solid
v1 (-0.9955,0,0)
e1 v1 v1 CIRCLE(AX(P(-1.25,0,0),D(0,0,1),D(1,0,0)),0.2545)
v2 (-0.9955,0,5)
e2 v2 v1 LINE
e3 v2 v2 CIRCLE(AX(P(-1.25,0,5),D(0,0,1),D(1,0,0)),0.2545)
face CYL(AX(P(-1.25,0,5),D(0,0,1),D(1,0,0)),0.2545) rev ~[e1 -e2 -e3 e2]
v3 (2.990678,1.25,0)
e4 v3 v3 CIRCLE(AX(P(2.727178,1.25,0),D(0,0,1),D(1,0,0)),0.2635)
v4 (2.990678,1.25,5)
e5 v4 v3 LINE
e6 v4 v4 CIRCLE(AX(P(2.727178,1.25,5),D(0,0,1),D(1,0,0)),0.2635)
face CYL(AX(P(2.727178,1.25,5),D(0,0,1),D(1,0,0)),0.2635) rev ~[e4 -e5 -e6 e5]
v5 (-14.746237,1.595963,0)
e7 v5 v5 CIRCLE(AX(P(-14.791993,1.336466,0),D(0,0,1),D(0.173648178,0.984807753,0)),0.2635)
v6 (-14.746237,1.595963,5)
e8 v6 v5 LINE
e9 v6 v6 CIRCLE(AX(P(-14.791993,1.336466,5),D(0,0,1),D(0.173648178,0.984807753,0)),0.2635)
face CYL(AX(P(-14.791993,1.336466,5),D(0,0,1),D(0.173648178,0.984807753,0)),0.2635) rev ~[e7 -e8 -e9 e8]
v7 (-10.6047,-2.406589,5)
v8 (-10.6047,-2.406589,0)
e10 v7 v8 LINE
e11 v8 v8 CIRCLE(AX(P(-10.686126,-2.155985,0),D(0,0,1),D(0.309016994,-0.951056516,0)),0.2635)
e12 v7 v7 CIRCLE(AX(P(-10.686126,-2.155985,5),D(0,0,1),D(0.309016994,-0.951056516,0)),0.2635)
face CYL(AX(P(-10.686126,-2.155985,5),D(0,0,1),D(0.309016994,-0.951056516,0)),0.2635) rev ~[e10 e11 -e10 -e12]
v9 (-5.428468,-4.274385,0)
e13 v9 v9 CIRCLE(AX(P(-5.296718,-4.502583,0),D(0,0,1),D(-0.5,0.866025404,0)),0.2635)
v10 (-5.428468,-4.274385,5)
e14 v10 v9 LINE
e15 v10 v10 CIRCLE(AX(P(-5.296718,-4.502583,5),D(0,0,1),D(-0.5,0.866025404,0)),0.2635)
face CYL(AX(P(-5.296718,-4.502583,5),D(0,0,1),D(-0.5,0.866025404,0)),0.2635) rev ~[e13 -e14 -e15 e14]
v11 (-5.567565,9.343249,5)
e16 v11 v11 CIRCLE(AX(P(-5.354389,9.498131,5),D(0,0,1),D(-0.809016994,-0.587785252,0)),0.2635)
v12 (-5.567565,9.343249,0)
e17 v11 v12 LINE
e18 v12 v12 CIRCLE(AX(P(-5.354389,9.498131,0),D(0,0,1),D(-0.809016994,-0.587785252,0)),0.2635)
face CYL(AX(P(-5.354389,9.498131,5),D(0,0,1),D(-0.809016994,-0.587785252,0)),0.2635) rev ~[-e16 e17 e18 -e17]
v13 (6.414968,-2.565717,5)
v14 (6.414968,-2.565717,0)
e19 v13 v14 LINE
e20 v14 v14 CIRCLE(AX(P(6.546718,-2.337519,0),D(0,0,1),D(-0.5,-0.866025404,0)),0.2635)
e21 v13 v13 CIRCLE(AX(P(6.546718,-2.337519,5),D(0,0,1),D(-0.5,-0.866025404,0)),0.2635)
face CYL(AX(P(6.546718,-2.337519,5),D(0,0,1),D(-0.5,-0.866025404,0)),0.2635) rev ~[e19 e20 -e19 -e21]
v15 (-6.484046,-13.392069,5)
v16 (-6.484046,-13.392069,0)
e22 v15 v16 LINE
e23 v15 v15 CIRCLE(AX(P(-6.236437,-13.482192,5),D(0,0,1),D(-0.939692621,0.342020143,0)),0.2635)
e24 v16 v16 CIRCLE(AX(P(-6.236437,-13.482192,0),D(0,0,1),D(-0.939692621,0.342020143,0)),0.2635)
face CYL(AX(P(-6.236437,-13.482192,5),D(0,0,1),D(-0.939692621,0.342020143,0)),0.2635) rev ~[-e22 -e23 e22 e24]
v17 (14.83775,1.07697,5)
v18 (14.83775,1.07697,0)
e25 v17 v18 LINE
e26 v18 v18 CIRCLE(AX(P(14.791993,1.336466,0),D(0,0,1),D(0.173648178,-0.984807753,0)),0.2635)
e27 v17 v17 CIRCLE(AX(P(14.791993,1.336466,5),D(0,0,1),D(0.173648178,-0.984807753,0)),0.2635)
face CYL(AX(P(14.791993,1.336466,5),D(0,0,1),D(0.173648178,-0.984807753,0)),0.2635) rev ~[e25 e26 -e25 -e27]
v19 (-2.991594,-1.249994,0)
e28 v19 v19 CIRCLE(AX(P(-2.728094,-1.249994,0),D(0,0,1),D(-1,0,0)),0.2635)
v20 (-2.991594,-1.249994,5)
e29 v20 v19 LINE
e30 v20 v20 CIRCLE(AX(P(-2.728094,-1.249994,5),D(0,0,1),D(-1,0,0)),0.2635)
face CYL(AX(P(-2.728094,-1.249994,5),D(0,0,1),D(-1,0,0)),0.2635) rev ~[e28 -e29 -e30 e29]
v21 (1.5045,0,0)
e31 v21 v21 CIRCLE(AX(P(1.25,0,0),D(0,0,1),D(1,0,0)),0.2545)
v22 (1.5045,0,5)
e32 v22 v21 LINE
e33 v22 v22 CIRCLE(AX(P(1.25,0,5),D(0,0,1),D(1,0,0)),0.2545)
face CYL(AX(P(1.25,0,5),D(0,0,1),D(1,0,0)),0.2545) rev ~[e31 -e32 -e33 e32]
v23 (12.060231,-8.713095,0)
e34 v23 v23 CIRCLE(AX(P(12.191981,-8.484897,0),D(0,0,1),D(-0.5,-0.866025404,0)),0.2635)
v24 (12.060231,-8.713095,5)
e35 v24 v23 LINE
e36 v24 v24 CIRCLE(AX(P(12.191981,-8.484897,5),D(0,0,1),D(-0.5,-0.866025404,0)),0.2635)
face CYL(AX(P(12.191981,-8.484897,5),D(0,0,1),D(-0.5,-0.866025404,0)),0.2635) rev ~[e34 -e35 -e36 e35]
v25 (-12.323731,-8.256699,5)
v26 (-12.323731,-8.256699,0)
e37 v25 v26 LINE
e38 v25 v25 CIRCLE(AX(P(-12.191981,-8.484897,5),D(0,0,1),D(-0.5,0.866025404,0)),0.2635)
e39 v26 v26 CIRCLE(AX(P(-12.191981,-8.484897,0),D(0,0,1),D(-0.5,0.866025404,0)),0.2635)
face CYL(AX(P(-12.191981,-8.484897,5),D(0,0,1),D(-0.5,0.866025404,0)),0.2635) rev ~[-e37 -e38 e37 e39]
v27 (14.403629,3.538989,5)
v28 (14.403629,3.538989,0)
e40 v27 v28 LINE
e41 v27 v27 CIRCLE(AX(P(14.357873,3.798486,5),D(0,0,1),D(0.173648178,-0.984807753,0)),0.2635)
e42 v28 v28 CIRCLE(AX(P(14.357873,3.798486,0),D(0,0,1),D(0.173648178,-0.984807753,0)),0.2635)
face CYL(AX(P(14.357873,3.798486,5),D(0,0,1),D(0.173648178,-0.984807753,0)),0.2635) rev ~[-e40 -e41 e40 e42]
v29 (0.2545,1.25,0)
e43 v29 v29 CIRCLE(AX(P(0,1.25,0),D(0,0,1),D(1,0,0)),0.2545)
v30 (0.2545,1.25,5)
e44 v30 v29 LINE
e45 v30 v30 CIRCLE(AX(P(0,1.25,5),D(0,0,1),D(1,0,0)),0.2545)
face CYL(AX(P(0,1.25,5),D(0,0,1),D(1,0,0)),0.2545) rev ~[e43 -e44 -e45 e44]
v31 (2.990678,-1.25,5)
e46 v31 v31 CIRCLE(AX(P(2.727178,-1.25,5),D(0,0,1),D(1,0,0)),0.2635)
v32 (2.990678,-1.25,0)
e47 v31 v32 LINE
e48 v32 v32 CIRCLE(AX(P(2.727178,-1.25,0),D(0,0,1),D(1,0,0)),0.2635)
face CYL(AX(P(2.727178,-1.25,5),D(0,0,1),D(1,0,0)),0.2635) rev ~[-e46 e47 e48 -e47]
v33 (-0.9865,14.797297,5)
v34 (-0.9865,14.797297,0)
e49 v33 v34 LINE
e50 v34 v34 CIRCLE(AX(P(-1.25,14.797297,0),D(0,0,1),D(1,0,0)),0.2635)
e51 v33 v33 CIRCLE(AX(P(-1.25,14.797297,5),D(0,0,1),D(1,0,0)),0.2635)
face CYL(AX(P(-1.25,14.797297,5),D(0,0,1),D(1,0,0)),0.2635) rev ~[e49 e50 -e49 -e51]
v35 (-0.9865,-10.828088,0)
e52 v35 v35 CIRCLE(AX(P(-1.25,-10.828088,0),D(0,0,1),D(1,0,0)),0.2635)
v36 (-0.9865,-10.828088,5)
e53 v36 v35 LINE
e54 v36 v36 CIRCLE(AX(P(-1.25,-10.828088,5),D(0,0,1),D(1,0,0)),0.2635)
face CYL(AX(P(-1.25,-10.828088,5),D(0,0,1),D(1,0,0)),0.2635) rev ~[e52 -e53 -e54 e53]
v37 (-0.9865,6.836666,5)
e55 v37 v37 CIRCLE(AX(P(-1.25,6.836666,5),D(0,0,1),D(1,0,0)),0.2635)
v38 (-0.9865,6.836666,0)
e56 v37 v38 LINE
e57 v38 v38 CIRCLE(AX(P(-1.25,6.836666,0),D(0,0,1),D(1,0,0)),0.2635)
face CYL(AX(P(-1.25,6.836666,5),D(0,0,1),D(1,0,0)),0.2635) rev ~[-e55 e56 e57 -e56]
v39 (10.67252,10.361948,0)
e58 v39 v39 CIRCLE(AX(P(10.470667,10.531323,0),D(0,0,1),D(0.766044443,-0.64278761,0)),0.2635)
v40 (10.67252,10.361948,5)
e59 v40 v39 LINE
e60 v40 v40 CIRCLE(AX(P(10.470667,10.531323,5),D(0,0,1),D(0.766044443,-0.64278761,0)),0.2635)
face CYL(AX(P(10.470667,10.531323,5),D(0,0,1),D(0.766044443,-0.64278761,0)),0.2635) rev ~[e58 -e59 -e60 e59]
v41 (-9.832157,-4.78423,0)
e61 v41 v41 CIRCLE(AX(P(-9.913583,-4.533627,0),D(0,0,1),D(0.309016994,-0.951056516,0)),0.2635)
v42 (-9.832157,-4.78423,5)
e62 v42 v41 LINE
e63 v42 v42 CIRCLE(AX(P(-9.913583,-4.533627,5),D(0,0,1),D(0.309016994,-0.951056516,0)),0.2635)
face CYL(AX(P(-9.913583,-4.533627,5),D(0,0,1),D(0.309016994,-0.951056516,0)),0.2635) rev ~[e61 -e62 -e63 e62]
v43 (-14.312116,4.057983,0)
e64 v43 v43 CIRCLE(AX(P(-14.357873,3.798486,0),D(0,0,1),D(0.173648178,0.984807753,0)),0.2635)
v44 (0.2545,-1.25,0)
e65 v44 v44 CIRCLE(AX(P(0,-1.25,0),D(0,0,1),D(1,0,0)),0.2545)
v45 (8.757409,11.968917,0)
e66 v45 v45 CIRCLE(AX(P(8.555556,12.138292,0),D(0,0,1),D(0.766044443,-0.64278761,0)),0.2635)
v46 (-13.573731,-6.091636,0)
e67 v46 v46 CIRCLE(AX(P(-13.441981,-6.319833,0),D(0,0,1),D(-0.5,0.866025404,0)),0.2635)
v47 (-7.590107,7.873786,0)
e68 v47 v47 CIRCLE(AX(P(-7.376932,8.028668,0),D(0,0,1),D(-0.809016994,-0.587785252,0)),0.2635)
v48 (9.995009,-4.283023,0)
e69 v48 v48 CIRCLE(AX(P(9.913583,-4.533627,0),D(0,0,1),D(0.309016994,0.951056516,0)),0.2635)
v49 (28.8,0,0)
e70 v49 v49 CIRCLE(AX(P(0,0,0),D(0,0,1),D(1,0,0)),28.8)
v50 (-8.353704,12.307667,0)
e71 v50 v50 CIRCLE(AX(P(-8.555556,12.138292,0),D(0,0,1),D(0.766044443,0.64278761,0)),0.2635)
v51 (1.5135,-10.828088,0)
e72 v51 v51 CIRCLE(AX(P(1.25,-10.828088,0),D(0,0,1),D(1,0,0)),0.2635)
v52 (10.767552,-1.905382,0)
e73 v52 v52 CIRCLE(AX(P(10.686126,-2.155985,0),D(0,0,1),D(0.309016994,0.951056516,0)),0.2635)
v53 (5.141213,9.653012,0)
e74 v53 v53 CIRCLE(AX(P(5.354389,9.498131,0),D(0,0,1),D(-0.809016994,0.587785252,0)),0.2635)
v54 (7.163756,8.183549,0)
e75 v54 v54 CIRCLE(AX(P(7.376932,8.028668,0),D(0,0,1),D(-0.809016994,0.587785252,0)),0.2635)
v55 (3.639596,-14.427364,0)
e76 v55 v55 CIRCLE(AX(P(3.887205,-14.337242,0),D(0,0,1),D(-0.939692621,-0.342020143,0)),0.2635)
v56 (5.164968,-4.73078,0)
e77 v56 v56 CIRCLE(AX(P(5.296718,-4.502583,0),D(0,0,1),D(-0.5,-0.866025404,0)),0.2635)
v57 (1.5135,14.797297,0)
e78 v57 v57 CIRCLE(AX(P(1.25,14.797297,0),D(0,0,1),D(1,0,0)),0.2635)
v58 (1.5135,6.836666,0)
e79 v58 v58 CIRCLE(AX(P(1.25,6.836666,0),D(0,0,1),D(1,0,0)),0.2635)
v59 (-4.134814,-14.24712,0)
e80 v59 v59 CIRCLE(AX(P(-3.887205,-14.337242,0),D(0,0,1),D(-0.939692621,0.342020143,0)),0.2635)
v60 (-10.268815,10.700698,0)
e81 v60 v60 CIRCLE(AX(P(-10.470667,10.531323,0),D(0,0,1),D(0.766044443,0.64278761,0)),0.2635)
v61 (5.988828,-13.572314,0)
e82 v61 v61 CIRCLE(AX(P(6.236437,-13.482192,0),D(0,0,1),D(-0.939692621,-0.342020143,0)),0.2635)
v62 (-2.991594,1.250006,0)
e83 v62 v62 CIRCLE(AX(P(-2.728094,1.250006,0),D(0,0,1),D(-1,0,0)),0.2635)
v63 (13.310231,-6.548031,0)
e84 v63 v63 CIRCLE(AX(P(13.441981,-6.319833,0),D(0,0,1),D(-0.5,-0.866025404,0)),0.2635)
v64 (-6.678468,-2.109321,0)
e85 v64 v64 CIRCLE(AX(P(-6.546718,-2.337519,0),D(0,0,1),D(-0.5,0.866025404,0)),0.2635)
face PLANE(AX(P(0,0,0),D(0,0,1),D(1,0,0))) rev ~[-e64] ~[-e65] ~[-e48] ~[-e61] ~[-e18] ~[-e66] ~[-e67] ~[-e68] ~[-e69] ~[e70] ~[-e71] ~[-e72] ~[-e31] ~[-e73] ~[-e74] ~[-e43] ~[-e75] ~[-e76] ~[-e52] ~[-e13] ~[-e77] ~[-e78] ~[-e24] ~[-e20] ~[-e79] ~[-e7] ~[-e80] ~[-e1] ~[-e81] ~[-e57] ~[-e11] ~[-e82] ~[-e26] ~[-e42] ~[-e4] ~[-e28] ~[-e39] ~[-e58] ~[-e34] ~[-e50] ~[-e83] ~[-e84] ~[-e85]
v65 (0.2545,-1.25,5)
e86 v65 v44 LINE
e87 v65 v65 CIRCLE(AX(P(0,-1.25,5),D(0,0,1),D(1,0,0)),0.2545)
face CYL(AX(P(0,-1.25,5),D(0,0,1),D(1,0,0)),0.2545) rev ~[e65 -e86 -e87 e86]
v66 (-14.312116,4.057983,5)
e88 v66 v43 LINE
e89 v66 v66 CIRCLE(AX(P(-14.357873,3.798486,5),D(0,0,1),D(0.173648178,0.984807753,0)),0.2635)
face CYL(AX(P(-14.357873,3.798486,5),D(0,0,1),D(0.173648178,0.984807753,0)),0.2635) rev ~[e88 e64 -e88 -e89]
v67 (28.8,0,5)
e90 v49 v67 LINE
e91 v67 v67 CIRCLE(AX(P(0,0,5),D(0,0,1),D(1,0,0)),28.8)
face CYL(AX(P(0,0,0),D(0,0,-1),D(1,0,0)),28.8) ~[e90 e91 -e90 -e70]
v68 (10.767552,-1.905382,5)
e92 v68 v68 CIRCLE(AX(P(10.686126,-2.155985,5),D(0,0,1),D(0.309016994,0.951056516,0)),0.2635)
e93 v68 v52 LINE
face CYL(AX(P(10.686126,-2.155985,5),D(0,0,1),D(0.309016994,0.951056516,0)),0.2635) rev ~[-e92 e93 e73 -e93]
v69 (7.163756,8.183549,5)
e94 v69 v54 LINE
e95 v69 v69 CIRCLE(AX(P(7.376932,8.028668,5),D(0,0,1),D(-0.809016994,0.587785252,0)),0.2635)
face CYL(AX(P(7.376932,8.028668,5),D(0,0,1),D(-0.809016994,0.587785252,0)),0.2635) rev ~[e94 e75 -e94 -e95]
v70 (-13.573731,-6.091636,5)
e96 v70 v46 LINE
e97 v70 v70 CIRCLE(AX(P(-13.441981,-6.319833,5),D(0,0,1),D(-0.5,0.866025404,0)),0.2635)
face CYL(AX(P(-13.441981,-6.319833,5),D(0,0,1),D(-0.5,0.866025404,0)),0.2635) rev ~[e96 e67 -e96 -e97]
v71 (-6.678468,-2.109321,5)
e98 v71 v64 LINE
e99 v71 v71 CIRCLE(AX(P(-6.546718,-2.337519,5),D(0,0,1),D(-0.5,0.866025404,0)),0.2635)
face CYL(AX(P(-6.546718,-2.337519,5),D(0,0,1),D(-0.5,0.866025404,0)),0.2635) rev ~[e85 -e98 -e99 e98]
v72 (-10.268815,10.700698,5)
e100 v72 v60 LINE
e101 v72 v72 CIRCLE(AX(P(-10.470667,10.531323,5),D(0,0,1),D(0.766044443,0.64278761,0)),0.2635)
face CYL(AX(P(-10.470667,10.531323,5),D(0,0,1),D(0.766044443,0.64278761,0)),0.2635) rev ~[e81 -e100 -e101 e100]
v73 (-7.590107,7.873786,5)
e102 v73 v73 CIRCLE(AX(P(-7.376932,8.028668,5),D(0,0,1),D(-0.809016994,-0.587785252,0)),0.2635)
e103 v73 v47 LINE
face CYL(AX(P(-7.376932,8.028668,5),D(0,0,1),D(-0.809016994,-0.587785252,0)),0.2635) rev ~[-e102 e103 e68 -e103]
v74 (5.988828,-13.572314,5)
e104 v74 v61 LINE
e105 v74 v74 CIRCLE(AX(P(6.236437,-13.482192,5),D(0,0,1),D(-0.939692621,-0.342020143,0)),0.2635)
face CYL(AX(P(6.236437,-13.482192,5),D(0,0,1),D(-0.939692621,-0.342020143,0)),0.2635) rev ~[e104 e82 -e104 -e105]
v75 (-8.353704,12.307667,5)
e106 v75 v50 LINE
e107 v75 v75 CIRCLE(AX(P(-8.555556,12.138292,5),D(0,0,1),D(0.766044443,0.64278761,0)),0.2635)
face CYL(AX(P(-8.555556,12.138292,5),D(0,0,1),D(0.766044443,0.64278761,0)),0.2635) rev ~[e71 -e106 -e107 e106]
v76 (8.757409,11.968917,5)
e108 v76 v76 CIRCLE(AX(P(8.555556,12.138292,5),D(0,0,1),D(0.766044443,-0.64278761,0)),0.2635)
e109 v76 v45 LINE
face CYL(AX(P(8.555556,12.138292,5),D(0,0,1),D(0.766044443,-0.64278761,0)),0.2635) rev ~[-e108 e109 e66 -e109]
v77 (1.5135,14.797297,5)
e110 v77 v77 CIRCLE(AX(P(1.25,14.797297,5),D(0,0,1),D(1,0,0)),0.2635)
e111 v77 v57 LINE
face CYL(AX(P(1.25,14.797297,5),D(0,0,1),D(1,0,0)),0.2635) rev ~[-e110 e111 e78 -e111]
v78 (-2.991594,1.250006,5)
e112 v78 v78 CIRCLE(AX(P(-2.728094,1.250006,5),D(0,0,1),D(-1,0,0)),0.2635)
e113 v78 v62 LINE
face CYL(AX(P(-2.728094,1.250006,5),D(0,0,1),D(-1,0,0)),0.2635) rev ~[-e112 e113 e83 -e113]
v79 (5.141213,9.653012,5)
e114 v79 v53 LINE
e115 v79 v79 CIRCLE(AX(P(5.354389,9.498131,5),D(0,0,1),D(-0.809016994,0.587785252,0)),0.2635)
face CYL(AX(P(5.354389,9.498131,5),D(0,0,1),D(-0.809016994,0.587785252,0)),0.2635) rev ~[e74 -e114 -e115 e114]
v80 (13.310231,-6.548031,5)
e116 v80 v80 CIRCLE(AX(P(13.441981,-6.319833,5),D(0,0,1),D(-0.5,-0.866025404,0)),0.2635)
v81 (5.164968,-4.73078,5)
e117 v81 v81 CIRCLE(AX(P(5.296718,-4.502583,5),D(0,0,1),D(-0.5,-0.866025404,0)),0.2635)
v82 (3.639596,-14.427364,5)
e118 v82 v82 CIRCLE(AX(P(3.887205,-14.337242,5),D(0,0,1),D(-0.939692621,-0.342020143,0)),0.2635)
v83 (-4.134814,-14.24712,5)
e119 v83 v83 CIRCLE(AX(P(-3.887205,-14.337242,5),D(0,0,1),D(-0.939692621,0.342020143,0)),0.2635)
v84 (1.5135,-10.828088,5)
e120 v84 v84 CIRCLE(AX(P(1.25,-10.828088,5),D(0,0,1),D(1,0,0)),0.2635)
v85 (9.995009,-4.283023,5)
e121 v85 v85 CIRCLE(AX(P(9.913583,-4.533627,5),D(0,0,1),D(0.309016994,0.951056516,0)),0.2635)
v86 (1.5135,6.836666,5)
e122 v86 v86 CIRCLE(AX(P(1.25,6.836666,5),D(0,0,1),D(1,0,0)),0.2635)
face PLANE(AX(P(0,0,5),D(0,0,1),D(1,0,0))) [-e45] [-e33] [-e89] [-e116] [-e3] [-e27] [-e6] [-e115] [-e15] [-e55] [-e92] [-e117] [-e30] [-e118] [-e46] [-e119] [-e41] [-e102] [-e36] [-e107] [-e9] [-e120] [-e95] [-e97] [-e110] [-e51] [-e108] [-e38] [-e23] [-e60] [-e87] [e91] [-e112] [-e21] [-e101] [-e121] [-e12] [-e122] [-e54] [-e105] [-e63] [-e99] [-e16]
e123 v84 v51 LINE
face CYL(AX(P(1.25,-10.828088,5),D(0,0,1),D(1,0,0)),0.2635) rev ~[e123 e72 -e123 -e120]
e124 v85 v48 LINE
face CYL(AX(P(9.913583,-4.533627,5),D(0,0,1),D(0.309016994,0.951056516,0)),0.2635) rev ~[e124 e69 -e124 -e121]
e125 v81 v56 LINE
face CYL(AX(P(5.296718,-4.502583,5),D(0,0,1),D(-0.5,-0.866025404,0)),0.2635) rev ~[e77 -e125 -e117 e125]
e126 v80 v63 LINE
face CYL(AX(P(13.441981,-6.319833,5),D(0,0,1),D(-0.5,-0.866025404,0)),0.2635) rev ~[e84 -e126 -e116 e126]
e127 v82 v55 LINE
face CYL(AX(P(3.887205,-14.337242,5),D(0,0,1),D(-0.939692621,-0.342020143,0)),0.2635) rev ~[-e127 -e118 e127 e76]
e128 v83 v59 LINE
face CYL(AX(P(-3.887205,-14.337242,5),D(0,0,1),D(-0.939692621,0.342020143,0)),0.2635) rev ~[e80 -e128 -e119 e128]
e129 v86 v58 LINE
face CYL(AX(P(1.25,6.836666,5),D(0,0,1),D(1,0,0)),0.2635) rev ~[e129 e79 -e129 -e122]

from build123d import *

# Parameters (mm, degrees)
SCHIZZO1_R                   = 28.8
ESTRUSIONE_ESTRUSIONE1_DEPTH = 5
SCHIZZO2_R                   = 0.2635
TAGLIO_ESTRUSIONE1_DEPTH     = 6
RIPETIZIONECIRCOLARE1_COUNT  = 9
SCHIZZO6_R                   = 0.2635
TAGLIO_ESTRUSIONE2_DEPTH     = 6
RIPETIZIONECIRCOLARE2_COUNT  = 5
SCHIZZO7_R                   = 0.2635
TAGLIO_ESTRUSIONE3_DEPTH     = 6
RIPETIZIONECIRCOLARE3_COUNT  = 3
SCHIZZO8_R                   = 0.2635
TAGLIO_ESTRUSIONE4_DEPTH     = 6
RIPETIZIONECIRCOLARE4_COUNT  = 2
SCHIZZO9_R                   = 0.2545
TAGLIO_ESTRUSIONE5_DEPTH     = 6


with BuildPart() as part:
    # Schizzo1 → Estrusione-Estrusione1 (new body)
    with BuildSketch(Plane.XY):
        Circle(SCHIZZO1_R)
    extrude(amount=ESTRUSIONE_ESTRUSIONE1_DEPTH)

    # Schizzo2 → Taglio-Estrusione1 (cut, through all)
    with BuildSketch(Plane.XY.offset(5)):
        with Locations((-1.25, 14.79729705)):
            Circle(SCHIZZO2_R)
        with Locations((1.25, 14.79729705)):
            Circle(SCHIZZO2_R)
    taglio_estrusione1 = extrude(amount=-TAGLIO_ESTRUSIONE1_DEPTH, mode=Mode.SUBTRACT)

    # RipetizioneCircolare1: Taglio-Estrusione1 ×9 about axis
    ripetizionecircolare1_axis = Axis((0, -0.002477772, 0), (0, 0, 1))
    for i in range(1, RIPETIZIONECIRCOLARE1_COUNT):
        add(taglio_estrusione1.rotate(ripetizionecircolare1_axis, i * 360 / RIPETIZIONECIRCOLARE1_COUNT), mode=Mode.SUBTRACT)

    # Schizzo6 → Taglio-Estrusione2 (cut, through all)
    with BuildSketch(Plane.XY.offset(5)):
        with Locations((-1.25, -10.828088474)):
            Circle(SCHIZZO6_R)
        with Locations((1.25, -10.828088474)):
            Circle(SCHIZZO6_R)
    taglio_estrusione2 = extrude(amount=-TAGLIO_ESTRUSIONE2_DEPTH, mode=Mode.SUBTRACT)

    # RipetizioneCircolare2: Taglio-Estrusione2 ×5 about axis
    ripetizionecircolare2_axis = Axis((0, 0.001819614, 0), (0, 0, 1))
    for i in range(1, RIPETIZIONECIRCOLARE2_COUNT):
        add(taglio_estrusione2.rotate(ripetizionecircolare2_axis, i * 360 / RIPETIZIONECIRCOLARE2_COUNT), mode=Mode.SUBTRACT)

    # Schizzo7 → Taglio-Estrusione3 (cut, through all)
    with BuildSketch(Plane.XY.offset(5)):
        with Locations((-1.25, 6.836665854)):
            Circle(SCHIZZO7_R)
        with Locations((1.25, 6.836665854)):
            Circle(SCHIZZO7_R)
    taglio_estrusione3 = extrude(amount=-TAGLIO_ESTRUSIONE3_DEPTH, mode=Mode.SUBTRACT)

    # RipetizioneCircolare3: Taglio-Estrusione3 ×3 about axis
    ripetizionecircolare3_axis = Axis((0, -0.001145258, 0), (0, 0, 1))
    for i in range(1, RIPETIZIONECIRCOLARE3_COUNT):
        add(taglio_estrusione3.rotate(ripetizionecircolare3_axis, i * 360 / RIPETIZIONECIRCOLARE3_COUNT), mode=Mode.SUBTRACT)

    # Schizzo8 → Taglio-Estrusione4 (cut, through all)
    with BuildSketch(Plane.XY.offset(5)):
        with Locations((2.727178029, 1.25)):
            Circle(SCHIZZO8_R)
        with Locations((2.727178029, -1.25)):
            Circle(SCHIZZO8_R)
    taglio_estrusione4 = extrude(amount=-TAGLIO_ESTRUSIONE4_DEPTH, mode=Mode.SUBTRACT)

    # RipetizioneCircolare4: Taglio-Estrusione4 ×2 about axis
    ripetizionecircolare4_axis = Axis((-0.000457963, 2.794e-06, 0), (0, 0, 1))
    for i in range(1, RIPETIZIONECIRCOLARE4_COUNT):
        add(taglio_estrusione4.rotate(ripetizionecircolare4_axis, i * 360 / RIPETIZIONECIRCOLARE4_COUNT), mode=Mode.SUBTRACT)

    # Schizzo9 → Taglio-Estrusione5 (cut, through all)
    with BuildSketch(Plane.XY.offset(5)):
        with Locations((-1.25, 0)):
            Circle(SCHIZZO9_R)
        with Locations((1.25, 0)):
            Circle(SCHIZZO9_R)
        with Locations((0, -1.25)):
            Circle(SCHIZZO9_R)
        with Locations((0, 1.25)):
            Circle(SCHIZZO9_R)
    extrude(amount=-TAGLIO_ESTRUSIONE5_DEPTH, mode=Mode.SUBTRACT)


solid = part.part
